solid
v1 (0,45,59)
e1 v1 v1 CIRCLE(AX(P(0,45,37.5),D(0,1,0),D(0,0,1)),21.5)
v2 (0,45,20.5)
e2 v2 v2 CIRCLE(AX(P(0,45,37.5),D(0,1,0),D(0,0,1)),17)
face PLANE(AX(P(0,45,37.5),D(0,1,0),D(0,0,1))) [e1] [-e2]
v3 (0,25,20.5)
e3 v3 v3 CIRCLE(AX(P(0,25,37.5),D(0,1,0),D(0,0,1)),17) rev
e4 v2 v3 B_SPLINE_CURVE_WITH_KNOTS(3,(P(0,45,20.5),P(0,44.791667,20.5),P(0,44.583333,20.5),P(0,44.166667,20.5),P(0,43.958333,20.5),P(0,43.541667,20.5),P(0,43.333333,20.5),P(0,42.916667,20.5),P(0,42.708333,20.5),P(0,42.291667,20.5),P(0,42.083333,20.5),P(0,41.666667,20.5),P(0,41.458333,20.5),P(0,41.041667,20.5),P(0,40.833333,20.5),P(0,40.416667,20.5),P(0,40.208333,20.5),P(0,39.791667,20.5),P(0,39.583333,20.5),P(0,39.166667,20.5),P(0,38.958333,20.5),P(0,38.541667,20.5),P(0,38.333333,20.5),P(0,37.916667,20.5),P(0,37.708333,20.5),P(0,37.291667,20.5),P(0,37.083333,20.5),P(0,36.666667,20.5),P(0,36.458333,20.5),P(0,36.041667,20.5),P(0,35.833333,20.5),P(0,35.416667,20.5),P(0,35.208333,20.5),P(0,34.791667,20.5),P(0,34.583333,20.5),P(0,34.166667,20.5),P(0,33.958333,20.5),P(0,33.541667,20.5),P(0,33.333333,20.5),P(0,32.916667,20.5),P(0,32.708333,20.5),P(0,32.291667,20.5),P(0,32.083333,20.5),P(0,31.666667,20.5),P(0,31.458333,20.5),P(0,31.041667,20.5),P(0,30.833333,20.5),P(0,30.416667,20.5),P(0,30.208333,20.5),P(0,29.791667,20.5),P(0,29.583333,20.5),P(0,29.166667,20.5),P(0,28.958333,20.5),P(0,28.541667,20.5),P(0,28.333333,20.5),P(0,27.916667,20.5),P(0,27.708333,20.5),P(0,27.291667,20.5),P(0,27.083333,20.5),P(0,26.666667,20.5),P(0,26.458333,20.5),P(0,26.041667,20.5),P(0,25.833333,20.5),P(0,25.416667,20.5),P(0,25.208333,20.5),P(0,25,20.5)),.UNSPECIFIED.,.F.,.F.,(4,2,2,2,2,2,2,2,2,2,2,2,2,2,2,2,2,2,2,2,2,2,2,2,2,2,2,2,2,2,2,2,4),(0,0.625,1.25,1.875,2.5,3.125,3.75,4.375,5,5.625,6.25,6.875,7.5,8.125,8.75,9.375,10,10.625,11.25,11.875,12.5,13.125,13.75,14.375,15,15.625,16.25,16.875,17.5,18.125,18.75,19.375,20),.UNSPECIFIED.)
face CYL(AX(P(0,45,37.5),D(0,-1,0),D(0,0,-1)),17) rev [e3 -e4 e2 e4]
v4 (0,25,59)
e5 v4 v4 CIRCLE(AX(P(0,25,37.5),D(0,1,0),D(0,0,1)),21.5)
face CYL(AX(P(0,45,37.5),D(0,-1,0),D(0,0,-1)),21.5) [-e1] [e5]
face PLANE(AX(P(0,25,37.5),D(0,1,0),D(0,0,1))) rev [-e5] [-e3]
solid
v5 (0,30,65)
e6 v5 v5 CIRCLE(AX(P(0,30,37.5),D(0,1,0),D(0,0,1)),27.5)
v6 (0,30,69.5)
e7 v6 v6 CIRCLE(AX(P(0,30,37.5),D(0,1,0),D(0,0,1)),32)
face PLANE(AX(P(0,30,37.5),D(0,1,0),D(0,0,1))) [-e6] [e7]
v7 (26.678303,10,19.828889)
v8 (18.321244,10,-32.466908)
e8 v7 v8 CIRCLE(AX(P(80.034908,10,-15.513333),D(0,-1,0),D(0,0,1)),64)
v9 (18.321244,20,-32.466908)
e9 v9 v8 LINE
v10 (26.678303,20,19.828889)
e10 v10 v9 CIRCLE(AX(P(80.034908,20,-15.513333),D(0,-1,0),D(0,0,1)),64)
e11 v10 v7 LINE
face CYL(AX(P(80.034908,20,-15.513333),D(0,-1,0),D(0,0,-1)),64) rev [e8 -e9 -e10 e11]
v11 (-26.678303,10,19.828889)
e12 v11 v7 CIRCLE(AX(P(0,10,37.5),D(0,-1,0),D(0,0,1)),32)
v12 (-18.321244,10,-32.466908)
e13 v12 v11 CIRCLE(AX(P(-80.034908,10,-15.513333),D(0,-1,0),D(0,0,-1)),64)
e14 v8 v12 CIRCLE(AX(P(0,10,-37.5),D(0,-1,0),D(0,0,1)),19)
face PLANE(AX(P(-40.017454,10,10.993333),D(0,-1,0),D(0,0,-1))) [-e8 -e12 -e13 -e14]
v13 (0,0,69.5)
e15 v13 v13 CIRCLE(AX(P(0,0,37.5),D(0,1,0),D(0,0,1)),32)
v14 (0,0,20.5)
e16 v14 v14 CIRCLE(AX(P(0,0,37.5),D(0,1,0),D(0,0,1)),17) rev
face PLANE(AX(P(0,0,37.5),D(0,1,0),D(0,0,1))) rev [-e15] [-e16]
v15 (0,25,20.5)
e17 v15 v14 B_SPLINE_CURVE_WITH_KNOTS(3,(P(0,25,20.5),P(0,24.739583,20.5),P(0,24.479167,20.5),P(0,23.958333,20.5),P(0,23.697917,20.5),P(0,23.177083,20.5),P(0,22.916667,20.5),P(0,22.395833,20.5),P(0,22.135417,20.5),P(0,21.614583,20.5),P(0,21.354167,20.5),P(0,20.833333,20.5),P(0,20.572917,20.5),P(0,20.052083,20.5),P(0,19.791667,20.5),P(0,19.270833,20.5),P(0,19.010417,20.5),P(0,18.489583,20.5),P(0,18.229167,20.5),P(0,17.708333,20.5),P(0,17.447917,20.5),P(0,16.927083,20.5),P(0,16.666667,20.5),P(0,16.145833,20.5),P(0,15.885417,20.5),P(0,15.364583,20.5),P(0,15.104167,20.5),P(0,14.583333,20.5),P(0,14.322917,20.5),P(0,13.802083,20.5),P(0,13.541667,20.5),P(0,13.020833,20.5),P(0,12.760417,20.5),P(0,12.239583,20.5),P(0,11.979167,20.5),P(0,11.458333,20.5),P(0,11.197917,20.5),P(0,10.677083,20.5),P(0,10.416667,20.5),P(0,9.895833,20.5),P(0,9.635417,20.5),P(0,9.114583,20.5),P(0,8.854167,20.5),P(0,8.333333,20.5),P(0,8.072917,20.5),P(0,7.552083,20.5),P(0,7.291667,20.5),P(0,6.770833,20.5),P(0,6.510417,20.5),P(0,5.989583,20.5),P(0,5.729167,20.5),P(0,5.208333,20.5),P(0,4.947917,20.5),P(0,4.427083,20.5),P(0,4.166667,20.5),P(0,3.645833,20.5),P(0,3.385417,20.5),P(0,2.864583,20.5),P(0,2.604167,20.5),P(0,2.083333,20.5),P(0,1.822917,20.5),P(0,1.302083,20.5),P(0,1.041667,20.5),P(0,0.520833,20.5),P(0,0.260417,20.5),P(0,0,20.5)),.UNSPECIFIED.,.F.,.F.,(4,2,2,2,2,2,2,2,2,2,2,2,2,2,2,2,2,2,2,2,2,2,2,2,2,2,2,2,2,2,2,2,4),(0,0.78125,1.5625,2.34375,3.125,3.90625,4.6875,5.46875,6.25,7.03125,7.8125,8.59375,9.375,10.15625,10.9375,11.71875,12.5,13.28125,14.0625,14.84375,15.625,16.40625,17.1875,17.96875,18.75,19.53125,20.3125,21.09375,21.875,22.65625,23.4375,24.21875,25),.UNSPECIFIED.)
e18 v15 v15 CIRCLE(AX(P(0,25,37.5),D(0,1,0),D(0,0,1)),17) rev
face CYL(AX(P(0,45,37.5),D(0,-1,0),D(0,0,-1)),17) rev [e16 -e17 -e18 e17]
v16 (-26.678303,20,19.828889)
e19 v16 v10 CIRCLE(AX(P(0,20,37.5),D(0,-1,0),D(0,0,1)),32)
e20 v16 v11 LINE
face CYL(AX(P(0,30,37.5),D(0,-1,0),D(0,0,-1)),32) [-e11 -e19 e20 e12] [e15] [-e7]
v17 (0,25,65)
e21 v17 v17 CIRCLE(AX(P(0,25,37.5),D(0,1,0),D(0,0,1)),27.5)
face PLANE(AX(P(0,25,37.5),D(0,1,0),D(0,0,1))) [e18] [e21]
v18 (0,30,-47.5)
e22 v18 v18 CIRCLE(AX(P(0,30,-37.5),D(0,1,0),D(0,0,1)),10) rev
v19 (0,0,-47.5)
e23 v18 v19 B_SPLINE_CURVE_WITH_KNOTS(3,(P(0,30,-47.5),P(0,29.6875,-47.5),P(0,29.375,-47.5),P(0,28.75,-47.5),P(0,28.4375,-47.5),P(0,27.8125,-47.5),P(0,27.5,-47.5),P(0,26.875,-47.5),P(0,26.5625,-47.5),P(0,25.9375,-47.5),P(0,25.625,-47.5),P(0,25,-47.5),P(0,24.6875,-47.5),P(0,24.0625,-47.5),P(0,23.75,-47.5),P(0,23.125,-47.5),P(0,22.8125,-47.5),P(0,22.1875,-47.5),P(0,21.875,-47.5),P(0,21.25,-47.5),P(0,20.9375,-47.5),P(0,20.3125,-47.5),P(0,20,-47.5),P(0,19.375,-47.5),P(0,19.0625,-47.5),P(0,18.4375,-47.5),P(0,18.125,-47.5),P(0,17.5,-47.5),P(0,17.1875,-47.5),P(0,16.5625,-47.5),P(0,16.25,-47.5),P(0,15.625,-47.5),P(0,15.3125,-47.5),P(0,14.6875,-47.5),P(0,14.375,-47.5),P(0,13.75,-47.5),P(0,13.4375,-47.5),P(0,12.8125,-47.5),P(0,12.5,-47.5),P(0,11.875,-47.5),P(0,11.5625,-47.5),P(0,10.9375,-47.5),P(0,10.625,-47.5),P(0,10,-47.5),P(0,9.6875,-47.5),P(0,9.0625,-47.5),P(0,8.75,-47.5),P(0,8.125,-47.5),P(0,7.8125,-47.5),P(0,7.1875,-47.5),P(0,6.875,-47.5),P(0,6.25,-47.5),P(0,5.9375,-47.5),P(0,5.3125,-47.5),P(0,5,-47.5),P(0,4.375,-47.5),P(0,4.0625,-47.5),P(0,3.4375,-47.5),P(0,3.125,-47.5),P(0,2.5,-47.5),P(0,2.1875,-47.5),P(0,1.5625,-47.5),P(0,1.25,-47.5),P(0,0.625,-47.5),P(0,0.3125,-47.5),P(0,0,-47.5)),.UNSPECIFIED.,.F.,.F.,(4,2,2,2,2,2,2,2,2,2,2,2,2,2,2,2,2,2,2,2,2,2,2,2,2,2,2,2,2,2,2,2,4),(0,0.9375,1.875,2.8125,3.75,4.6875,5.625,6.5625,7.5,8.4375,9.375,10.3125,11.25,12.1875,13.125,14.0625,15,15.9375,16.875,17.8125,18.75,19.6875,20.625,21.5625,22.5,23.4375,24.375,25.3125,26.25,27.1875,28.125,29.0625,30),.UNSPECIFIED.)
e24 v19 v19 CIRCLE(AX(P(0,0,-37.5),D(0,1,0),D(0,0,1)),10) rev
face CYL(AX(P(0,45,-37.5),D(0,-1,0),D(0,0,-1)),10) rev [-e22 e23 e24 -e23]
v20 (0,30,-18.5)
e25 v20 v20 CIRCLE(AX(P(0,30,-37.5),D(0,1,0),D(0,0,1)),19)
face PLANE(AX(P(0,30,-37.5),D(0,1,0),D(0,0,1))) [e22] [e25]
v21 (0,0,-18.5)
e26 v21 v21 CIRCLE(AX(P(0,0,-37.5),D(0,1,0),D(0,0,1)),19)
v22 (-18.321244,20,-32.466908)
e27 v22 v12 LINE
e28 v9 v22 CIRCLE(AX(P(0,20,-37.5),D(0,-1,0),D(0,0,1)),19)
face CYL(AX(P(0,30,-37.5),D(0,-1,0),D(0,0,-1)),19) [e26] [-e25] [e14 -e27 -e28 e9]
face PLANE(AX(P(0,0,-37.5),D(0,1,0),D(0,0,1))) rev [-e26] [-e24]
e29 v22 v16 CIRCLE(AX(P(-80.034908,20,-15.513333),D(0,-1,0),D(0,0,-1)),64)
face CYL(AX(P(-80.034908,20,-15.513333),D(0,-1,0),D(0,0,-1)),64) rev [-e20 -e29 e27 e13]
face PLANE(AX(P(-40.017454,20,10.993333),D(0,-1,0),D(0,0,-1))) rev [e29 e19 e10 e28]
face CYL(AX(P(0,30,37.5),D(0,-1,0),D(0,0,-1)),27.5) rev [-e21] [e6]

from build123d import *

# Parameters (mm, degrees)
SKETCH2_R               = 19
BOSS_EXTRUDE1_DEPTH     = 30
SKETCH2_R_2             = 32
BOSS_EXTRUDE1_2_DEPTH   = 30
BOSS_EXTRUDE2_DEPTH     = 10
SKETCH4_R               = 27.5
CUT_EXTRUDE1_DEPTH      = 5
SKETCH5_R               = 21.5
BOSS_EXTRUDE3_DEPTH     = 20
CUT_EXTRUDE3_DEPTH      = 89.765139554
CUT_EXTRUDE3_DEPTH_BACK = 89.765139554
SKETCH6_R               = 10
SKETCH6_R_2             = 17


with BuildPart() as part:
    # Sketch2 → Boss-Extrude1 (new body)
    with BuildSketch(Plane(origin=(0, 0, 0), x_dir=(1, 0, 0), z_dir=(0, 1, 0))):
        with Locations(Location((0, 37.5, 0), (0, 0, 270))):
            Circle(SKETCH2_R)
    extrude(amount=BOSS_EXTRUDE1_DEPTH)



with BuildPart() as body_2:
    # Sketch2 → Boss-Extrude1 2 (new body)
    with BuildSketch(Plane(origin=(0, 0, 0), x_dir=(1, 0, 0), z_dir=(0, 1, 0))):
        with Locations(Location((0, -37.5, 0), (0, 0, 270))):
            Circle(SKETCH2_R_2)
    extrude(amount=BOSS_EXTRUDE1_2_DEPTH)


with BuildPart() as part_1:
    add(part.part)

    add(body_2.part)  # Boss-Extrude2 merges body 2
    # Sketch3 → Boss-Extrude2 (add)
    with BuildSketch(Plane(origin=(0, 10, 0), x_dir=(1, 0, 0), z_dir=(0, 1, 0))):
        with BuildLine():
            ThreePointArc((-18.321243986, 32.466907631), (0, 18.5), (18.321243986, 32.466907631))
            ThreePointArc((18.321243986, 32.466907631), (16.836772686, 5.414041255), (26.678302647, -19.828888889))
            ThreePointArc((26.678302647, -19.828888889), (0, -5.5), (-26.678302647, -19.828888889))
            ThreePointArc((-26.678302647, -19.828888889), (-16.836772686, 5.414041255), (-18.321243986, 32.466907631))
        make_face()
    extrude(amount=BOSS_EXTRUDE2_DEPTH)

    # Sketch4 → Cut-Extrude1 (cut)
    with BuildSketch(Plane(origin=(0, 25, 0), x_dir=(1, 0, 0), z_dir=(0, 1, 0))):
        with Locations(Location((0, -37.5, 0), (0, 0, 270))):
            Circle(SKETCH4_R)
    extrude(amount=CUT_EXTRUDE1_DEPTH, mode=Mode.SUBTRACT)


with BuildPart() as body_2_2:
    # Sketch5 → Boss-Extrude3 (new body)
    with BuildSketch(Plane(origin=(0, 25, 0), x_dir=(1, 0, 0), z_dir=(0, 1, 0))):
        with Locations(Location((0, -37.5, 0), (0, 0, 270))):
            Circle(SKETCH5_R)
    extrude(amount=BOSS_EXTRUDE3_DEPTH)


with BuildPart() as cut_extrude3_tool:
    # Sketch6 → Cut-Extrude3 (new, two sides: drawn at the far end of the back side and taken through both)
    with BuildSketch(Plane(origin=(0, 0, 0), x_dir=(1, 0, 0), z_dir=(0, 1, 0)).offset(-CUT_EXTRUDE3_DEPTH_BACK)):
        with Locations(Location((0, 37.5, 0), (0, 0, 90))):
            Circle(SKETCH6_R)
        with Locations(Location((0, -37.5, 0), (0, 0, 90))):
            Circle(SKETCH6_R_2)
    extrude(amount=CUT_EXTRUDE3_DEPTH + CUT_EXTRUDE3_DEPTH_BACK)


with BuildPart() as part_2:
    add(part_1.part)

    # Cut-Extrude3: cut by cut_extrude3_tool
    add(cut_extrude3_tool.part, mode=Mode.SUBTRACT)


with BuildPart() as body_2_2_1:
    add(body_2_2.part)

    # Cut-Extrude3: cut by cut_extrude3_tool
    add(cut_extrude3_tool.part, mode=Mode.SUBTRACT)


solid = Compound([part_2.part, body_2_2_1.part])
